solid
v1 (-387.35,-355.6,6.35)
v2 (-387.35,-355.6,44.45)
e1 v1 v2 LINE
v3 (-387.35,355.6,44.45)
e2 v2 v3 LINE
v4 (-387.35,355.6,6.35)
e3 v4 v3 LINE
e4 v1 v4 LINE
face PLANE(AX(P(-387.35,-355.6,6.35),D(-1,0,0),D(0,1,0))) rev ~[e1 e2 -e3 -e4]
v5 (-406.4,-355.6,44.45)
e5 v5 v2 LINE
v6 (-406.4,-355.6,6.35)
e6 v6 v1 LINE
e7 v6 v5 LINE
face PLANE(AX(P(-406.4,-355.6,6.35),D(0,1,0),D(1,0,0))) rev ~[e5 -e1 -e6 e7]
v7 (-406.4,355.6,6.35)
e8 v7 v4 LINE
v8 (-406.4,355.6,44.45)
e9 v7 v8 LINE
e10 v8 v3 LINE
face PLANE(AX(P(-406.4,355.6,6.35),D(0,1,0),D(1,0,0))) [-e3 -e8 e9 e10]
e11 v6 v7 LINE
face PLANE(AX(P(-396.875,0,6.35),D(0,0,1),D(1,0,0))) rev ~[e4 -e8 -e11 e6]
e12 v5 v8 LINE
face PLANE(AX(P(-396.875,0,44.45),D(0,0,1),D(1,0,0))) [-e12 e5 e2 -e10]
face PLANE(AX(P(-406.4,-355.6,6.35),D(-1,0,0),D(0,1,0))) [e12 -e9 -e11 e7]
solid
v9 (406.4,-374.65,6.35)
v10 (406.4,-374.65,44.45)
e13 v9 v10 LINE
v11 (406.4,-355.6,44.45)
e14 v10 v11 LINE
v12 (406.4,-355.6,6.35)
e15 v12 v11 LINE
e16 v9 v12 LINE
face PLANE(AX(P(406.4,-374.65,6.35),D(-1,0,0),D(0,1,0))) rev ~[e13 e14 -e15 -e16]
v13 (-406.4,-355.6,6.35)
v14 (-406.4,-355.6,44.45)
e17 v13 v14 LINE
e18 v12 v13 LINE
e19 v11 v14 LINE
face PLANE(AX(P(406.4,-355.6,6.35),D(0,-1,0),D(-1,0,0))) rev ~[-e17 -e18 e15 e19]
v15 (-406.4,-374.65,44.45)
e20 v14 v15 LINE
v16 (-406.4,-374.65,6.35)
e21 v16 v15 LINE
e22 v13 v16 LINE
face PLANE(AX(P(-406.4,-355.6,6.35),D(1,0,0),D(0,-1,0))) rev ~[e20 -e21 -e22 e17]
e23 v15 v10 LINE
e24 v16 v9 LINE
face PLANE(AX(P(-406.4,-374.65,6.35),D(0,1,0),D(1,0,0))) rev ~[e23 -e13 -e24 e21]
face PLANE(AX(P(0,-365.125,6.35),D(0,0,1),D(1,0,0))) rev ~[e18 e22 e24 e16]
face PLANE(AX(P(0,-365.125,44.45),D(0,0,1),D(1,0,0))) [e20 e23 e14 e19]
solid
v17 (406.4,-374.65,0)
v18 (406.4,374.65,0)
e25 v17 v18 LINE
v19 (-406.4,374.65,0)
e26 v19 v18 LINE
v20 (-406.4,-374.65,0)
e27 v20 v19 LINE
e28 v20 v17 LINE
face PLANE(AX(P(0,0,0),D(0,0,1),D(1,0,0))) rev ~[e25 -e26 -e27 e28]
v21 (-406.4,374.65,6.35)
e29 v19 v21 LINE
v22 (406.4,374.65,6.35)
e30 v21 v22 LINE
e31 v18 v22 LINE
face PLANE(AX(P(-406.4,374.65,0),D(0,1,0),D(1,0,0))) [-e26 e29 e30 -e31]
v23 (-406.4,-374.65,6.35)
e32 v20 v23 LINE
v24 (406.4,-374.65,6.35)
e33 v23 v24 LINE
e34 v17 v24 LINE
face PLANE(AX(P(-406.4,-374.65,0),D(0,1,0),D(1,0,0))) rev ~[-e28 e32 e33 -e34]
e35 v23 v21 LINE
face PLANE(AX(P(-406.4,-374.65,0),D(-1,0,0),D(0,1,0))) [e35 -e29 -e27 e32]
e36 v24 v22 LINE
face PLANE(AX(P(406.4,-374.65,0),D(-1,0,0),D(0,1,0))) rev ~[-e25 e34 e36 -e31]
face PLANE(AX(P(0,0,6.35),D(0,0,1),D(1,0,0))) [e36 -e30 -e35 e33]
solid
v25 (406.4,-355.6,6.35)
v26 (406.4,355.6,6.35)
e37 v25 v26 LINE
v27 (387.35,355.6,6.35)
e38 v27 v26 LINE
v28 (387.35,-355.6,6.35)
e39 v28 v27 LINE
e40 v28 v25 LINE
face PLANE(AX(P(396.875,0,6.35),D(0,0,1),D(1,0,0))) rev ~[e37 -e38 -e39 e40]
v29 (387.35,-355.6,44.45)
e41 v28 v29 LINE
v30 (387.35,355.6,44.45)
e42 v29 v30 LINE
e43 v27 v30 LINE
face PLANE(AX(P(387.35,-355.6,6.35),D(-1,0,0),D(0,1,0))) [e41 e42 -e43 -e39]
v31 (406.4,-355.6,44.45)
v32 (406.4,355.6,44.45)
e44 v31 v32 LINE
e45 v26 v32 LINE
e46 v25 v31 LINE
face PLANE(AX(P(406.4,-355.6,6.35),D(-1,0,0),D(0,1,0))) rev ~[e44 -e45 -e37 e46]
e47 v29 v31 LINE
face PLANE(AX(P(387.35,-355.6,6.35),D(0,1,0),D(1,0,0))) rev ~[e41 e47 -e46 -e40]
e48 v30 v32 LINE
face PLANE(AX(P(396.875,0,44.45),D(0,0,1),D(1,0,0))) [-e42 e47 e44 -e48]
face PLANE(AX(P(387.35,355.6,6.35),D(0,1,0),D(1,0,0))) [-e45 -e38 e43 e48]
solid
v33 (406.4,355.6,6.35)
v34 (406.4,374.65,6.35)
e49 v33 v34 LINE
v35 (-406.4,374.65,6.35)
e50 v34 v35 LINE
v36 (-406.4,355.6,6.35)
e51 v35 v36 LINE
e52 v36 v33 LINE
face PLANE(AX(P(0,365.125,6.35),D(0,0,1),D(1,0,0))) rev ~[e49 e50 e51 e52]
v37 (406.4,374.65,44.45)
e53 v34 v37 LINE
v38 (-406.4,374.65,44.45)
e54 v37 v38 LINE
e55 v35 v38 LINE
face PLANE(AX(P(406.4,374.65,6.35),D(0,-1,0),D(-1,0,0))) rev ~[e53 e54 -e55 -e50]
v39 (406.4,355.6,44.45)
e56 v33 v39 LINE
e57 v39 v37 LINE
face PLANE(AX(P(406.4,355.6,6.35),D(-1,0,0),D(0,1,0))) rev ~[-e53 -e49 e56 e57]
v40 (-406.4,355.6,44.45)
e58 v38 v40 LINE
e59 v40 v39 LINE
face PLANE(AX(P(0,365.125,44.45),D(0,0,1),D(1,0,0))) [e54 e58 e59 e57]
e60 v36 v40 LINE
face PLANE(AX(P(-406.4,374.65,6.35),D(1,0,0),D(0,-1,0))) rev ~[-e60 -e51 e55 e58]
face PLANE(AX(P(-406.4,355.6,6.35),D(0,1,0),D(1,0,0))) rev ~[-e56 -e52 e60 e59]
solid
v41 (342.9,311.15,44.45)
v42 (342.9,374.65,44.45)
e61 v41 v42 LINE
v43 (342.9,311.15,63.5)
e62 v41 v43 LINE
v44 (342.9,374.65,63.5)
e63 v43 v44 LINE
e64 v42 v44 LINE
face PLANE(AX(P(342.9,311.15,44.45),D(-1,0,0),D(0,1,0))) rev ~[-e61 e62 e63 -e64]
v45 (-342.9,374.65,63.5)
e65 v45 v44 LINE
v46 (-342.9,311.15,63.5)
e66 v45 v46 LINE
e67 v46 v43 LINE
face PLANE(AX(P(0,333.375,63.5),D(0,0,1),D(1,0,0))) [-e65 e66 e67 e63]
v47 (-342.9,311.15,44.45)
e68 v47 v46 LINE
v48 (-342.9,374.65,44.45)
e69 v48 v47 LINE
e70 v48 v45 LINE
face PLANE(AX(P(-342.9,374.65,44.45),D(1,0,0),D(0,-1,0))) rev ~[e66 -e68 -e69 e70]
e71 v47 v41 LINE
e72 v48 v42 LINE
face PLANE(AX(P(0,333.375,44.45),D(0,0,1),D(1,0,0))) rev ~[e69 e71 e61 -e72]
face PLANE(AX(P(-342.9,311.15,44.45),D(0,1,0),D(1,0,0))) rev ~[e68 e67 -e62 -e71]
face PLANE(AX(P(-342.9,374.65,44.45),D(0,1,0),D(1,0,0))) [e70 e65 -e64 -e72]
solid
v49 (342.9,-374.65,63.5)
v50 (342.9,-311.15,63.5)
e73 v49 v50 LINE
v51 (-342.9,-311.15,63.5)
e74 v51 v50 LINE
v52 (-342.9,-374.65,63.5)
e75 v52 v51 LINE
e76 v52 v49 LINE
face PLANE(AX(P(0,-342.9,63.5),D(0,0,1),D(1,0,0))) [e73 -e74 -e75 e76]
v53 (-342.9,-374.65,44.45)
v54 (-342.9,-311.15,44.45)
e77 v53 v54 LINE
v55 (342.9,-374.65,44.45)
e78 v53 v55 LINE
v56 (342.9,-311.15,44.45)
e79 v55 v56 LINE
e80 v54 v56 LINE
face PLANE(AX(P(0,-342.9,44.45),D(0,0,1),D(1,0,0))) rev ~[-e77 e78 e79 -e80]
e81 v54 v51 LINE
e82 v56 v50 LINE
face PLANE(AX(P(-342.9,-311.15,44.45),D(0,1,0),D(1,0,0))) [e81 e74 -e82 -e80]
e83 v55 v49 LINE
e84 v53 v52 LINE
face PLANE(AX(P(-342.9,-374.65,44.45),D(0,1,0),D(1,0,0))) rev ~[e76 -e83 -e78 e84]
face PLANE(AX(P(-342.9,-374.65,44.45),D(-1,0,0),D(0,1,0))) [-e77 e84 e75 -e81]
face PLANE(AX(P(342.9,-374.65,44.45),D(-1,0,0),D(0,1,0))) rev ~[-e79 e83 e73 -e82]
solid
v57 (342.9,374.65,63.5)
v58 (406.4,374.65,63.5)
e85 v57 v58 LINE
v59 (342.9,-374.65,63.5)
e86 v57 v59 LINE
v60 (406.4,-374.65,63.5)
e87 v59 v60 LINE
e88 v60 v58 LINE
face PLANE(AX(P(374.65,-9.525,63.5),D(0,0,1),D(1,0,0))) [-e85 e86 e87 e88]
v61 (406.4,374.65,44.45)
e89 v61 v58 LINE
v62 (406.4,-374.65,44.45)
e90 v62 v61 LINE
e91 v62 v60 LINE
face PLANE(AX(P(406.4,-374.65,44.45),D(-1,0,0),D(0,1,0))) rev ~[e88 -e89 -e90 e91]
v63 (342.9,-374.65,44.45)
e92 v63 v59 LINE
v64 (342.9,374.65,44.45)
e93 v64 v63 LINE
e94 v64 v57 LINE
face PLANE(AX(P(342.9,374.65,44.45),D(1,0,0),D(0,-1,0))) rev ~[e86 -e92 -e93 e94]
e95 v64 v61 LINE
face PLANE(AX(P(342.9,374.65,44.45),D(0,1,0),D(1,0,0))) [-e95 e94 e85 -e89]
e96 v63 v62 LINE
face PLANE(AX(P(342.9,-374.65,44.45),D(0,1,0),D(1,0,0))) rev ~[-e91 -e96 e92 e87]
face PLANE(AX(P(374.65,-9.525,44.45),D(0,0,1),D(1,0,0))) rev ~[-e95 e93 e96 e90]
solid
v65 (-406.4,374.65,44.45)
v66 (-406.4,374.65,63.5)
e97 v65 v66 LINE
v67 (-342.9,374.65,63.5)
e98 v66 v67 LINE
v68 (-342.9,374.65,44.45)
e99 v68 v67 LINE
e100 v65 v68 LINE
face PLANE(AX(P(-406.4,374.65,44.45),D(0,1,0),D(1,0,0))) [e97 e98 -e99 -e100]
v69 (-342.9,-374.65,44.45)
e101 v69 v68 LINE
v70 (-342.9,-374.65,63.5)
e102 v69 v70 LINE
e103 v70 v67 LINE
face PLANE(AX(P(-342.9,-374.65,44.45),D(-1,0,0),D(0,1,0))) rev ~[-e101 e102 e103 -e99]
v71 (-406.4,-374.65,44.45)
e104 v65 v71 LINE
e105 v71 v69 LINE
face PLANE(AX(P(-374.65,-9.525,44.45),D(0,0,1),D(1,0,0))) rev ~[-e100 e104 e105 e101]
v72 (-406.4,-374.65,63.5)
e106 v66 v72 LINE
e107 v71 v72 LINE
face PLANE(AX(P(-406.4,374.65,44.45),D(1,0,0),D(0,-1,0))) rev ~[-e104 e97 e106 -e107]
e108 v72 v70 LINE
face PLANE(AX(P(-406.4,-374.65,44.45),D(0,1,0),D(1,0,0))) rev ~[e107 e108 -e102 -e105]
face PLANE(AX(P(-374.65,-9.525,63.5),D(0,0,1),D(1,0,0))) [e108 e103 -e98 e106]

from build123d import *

# Parameters (mm, degrees)
SKETCH1_W             = 812.8
SKETCH1_H             = 749.3
BOSS_EXTRUDE1_DEPTH   = 6.35
SKETCH2_W             = 812.8
SKETCH2_H             = 19.05
BOSS_EXTRUDE2_DEPTH   = 38.1
BOSS_EXTRUDE2_2_DEPTH = 38.1
SKETCH2_3_W           = 19.05
SKETCH2_3_H           = 711.2
BOSS_EXTRUDE3_DEPTH   = 38.1
BOSS_EXTRUDE3_2_DEPTH = 38.1
SKETCH3_W             = 63.5
SKETCH3_H             = 749.3
BOSS_EXTRUDE4_DEPTH   = 19.05
BOSS_EXTRUDE4_2_DEPTH = 19.05
SKETCH3_3_W           = 685.8
SKETCH3_3_H           = 63.5
BOSS_EXTRUDE5_DEPTH   = 19.05
BOSS_EXTRUDE5_2_DEPTH = 19.05


with BuildPart() as part:
    # Sketch1 → Boss-Extrude1 (new body)
    with BuildSketch(Plane.XY):
        Rectangle(SKETCH1_W, SKETCH1_H)
    extrude(amount=BOSS_EXTRUDE1_DEPTH)


with BuildPart() as body_2:
    # Sketch2 → Boss-Extrude2 (new body)
    with BuildSketch(Plane.XY.offset(6.35)):
        with Locations((0, 365.125)):
            Rectangle(SKETCH2_W, SKETCH2_H)
    extrude(amount=BOSS_EXTRUDE2_DEPTH)


with BuildPart() as body_3:
    # Sketch2 → Boss-Extrude2 2 (new body)
    with BuildSketch(Plane.XY.offset(6.35)):
        with Locations((0, -365.125)):
            Rectangle(SKETCH2_W, SKETCH2_H)
    extrude(amount=BOSS_EXTRUDE2_2_DEPTH)


with BuildPart() as body_4:
    # Sketch2<3> → Boss-Extrude3 (new body)
    with BuildSketch(Plane.XY.offset(6.35)):
        with Locations((-396.875, 0)):
            Rectangle(SKETCH2_3_W, SKETCH2_3_H)
    extrude(amount=BOSS_EXTRUDE3_DEPTH)


with BuildPart() as body_5:
    # Sketch2<3> → Boss-Extrude3 2 (new body)
    with BuildSketch(Plane.XY.offset(6.35)):
        with Locations((396.875, 0)):
            Rectangle(SKETCH2_3_W, SKETCH2_3_H)
    extrude(amount=BOSS_EXTRUDE3_2_DEPTH)


with BuildPart() as body_6:
    # Sketch3 → Boss-Extrude4 (new body)
    with BuildSketch(Plane.XY.offset(44.45)):
        with Locations((-374.65, 0)):
            Rectangle(SKETCH3_W, SKETCH3_H)
    extrude(amount=BOSS_EXTRUDE4_DEPTH)


with BuildPart() as body_7:
    # Sketch3 → Boss-Extrude4 2 (new body)
    with BuildSketch(Plane.XY.offset(44.45)):
        with Locations((374.65, 0)):
            Rectangle(SKETCH3_W, SKETCH3_H)
    extrude(amount=BOSS_EXTRUDE4_2_DEPTH)


with BuildPart() as body_8:
    # Sketch3<3> → Boss-Extrude5 (new body)
    with BuildSketch(Plane.XY.offset(44.45)):
        with Locations((0, 342.9)):
            Rectangle(SKETCH3_3_W, SKETCH3_3_H)
    extrude(amount=BOSS_EXTRUDE5_DEPTH)


with BuildPart() as body_9:
    # Sketch3<3> → Boss-Extrude5 2 (new body)
    with BuildSketch(Plane.XY.offset(44.45)):
        with Locations((0, -342.9)):
            Rectangle(SKETCH3_3_W, SKETCH3_3_H)
    extrude(amount=BOSS_EXTRUDE5_2_DEPTH)


solid = Compound([part.part, body_2.part, body_3.part, body_4.part, body_5.part, body_6.part, body_7.part, body_8.part, body_9.part])
